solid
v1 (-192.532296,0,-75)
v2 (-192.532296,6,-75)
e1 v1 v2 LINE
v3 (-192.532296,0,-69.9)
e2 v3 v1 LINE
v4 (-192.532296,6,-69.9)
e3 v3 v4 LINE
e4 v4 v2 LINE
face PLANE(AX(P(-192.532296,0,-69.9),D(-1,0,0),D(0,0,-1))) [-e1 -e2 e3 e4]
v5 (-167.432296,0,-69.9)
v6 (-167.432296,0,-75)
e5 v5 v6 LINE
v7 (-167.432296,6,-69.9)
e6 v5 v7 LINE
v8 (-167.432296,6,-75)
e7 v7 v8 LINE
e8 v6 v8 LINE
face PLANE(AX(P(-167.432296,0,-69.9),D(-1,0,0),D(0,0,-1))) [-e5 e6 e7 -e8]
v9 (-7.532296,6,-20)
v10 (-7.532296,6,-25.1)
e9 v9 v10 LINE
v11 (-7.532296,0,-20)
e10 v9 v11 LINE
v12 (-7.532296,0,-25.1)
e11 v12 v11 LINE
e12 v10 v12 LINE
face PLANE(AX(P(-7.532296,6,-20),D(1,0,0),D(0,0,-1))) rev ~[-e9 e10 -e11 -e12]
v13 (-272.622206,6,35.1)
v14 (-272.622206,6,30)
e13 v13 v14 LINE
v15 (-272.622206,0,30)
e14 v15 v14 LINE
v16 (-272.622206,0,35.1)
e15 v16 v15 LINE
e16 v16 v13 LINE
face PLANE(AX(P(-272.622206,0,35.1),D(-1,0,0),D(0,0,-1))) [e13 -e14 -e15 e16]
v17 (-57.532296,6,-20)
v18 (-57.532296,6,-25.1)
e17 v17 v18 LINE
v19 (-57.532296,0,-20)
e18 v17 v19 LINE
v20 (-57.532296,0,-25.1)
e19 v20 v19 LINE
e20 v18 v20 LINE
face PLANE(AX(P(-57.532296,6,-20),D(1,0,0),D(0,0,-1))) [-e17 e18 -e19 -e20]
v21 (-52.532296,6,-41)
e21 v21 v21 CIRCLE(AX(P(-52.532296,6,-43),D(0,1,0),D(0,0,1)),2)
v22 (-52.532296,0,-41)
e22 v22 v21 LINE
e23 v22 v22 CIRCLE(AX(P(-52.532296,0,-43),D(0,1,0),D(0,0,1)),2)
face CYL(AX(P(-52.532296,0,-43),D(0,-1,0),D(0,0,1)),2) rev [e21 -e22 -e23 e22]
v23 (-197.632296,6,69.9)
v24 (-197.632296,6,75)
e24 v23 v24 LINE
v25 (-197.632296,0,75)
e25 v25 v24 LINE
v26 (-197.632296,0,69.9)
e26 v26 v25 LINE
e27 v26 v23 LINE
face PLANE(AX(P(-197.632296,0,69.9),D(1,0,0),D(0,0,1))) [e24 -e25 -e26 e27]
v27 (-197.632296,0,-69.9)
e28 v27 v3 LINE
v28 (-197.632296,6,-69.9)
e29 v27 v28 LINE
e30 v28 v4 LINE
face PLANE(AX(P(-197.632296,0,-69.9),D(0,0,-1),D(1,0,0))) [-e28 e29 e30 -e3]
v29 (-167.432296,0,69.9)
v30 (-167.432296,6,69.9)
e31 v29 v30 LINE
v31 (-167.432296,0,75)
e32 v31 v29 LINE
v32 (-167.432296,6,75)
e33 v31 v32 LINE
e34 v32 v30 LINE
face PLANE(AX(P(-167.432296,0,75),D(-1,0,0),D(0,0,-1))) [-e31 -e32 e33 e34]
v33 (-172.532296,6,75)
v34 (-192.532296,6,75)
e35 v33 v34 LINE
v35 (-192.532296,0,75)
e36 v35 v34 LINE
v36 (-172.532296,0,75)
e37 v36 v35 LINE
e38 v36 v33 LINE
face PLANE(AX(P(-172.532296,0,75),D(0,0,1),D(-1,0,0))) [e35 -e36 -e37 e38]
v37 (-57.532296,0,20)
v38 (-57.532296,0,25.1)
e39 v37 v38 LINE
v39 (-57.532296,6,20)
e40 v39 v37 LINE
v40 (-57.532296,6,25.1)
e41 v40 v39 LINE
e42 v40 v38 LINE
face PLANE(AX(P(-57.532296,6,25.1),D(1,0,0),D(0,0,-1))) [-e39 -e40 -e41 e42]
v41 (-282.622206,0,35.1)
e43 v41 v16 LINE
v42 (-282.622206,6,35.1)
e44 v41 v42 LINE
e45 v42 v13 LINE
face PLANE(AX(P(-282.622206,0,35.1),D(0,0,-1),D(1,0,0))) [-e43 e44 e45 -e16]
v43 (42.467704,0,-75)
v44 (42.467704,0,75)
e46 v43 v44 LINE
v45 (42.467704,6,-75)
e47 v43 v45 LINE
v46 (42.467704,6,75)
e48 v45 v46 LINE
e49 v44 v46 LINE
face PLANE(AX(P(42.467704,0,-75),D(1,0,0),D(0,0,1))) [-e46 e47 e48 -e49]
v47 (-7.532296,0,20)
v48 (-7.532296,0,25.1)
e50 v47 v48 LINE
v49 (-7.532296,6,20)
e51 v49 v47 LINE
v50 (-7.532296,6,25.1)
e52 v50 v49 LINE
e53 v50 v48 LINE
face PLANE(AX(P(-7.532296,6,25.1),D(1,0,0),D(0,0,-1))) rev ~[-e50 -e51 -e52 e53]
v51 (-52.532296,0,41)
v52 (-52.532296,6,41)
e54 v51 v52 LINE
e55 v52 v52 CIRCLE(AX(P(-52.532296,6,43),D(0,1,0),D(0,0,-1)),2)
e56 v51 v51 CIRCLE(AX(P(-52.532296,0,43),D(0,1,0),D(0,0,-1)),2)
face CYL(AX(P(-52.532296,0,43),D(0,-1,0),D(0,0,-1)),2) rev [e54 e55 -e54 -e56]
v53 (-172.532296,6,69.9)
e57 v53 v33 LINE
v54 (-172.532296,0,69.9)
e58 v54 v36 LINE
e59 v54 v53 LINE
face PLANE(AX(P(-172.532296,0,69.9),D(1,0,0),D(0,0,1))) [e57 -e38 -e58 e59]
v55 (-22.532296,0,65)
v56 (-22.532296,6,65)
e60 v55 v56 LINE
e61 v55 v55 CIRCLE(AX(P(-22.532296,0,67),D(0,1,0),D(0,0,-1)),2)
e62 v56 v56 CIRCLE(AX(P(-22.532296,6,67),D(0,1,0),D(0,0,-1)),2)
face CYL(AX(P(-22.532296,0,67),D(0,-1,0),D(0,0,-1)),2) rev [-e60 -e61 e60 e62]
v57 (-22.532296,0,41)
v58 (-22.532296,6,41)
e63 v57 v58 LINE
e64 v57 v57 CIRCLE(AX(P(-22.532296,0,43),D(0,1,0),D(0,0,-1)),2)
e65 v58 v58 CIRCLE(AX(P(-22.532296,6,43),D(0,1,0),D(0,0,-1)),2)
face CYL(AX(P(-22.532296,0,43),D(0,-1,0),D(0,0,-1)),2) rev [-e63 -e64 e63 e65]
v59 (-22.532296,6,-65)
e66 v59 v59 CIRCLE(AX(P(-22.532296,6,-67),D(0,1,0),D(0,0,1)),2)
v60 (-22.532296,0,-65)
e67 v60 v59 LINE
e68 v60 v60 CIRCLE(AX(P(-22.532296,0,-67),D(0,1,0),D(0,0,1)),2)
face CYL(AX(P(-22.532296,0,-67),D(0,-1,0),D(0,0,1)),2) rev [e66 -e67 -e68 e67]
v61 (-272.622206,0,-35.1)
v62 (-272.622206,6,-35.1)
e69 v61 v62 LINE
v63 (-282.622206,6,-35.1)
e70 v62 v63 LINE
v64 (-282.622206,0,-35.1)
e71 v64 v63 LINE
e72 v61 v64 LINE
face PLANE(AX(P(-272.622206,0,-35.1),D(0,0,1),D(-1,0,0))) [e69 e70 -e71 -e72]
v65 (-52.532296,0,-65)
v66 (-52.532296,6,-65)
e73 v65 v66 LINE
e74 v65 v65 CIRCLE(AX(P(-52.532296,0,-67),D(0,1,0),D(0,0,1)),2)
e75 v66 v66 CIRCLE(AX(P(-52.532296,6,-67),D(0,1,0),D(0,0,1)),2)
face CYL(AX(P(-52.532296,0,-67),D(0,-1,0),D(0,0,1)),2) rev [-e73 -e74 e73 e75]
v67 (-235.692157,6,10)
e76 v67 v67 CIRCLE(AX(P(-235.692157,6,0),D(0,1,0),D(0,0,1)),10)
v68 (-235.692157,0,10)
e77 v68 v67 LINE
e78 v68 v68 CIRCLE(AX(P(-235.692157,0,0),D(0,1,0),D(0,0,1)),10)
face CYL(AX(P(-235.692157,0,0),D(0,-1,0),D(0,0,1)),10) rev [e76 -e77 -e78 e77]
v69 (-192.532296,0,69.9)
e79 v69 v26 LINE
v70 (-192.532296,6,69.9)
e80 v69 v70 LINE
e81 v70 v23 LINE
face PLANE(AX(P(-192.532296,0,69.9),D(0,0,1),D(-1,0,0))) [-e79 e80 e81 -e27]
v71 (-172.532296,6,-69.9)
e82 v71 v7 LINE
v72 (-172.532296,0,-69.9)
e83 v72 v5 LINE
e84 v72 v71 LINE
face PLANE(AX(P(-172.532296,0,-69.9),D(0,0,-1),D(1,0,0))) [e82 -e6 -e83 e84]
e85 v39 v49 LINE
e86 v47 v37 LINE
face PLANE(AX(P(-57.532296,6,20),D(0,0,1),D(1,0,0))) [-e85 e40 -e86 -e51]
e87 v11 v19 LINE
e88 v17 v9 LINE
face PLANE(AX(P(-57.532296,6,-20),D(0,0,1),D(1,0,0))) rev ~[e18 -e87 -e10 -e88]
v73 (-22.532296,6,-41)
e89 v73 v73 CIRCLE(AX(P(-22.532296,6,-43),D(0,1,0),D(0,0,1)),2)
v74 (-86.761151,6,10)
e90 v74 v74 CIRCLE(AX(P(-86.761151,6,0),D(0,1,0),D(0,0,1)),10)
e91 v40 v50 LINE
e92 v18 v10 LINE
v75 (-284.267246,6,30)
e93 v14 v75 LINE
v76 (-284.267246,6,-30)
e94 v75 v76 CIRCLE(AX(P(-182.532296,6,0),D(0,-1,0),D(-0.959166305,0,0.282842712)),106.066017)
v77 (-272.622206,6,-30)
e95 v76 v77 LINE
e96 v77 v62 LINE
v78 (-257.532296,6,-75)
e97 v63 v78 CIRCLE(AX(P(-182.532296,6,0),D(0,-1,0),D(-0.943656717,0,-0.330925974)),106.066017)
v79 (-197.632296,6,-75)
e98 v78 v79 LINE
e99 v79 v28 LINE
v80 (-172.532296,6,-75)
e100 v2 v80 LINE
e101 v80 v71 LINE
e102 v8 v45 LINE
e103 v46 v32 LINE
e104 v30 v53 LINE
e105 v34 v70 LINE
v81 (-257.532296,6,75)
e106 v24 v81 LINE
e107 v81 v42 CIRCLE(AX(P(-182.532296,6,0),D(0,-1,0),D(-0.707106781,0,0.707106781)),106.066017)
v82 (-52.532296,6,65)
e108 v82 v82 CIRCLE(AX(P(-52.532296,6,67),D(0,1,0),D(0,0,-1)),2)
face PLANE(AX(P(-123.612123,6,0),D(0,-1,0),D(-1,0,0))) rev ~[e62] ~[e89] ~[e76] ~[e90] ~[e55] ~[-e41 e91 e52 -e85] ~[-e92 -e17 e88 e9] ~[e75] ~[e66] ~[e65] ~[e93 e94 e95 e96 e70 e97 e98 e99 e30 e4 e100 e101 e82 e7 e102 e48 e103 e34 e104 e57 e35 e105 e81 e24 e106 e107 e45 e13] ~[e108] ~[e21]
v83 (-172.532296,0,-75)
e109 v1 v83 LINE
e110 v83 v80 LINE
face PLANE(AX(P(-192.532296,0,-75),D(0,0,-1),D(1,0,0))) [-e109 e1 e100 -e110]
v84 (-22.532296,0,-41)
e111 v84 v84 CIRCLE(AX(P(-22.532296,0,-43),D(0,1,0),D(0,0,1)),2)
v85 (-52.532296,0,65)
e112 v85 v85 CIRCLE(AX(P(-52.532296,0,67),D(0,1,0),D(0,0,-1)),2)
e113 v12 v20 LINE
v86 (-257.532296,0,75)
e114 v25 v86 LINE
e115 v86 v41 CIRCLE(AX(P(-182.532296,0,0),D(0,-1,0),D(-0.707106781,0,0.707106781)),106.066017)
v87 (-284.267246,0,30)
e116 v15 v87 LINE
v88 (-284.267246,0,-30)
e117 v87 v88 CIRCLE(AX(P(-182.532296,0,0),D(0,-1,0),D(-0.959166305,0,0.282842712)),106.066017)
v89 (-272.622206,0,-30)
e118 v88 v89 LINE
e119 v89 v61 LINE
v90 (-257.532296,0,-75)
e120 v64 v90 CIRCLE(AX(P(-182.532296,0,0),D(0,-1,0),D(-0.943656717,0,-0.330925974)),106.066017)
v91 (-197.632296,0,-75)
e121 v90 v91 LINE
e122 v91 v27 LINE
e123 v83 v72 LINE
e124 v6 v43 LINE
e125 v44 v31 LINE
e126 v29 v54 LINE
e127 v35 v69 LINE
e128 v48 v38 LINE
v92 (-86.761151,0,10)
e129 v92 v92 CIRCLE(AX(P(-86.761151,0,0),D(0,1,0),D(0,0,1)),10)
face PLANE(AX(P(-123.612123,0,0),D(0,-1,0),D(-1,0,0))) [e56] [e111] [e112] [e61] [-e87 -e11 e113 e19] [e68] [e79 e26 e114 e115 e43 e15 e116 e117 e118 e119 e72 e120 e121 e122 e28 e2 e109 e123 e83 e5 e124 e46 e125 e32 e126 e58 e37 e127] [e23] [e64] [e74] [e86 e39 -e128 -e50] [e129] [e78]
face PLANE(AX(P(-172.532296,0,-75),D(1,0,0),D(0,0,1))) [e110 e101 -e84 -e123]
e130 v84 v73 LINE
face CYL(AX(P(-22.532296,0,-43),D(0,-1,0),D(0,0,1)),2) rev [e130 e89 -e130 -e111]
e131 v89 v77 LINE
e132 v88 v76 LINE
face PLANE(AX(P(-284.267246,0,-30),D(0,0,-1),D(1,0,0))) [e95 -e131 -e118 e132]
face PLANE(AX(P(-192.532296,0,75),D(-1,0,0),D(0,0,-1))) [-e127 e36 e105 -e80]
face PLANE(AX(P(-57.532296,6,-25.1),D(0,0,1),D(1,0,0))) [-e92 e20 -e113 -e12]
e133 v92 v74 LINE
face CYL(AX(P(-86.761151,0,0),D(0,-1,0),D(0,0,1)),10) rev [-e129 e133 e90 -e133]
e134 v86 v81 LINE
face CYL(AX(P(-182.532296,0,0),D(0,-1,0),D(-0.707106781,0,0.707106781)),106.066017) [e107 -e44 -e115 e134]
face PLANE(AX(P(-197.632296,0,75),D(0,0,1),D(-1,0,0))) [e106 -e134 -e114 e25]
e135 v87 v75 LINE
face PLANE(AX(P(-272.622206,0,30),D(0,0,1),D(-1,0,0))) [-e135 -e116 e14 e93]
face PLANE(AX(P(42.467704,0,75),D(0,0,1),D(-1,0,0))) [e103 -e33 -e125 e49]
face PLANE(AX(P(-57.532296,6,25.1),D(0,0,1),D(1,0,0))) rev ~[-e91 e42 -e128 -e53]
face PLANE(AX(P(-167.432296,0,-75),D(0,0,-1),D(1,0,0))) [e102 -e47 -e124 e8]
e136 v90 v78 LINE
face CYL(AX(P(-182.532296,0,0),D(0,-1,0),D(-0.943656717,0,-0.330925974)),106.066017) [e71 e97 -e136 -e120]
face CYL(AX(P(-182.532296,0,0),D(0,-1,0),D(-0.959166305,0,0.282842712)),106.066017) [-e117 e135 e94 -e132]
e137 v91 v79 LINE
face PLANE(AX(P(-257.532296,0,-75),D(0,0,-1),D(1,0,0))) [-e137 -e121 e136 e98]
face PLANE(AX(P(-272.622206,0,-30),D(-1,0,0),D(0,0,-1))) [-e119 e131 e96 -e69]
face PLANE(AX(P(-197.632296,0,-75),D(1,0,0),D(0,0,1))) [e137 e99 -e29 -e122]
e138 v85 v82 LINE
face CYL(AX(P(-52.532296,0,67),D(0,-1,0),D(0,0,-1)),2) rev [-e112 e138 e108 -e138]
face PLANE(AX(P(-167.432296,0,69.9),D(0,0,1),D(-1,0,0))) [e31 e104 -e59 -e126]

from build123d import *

# Parameters (mm, degrees)
SKETCH1_R           = 2
SKETCH1_R_2         = 10
BOSS_EXTRUDE1_DEPTH = 6
SKETCH2_W           = 50
SKETCH2_H           = 5.1
CUT_EXTRUDE1_DEPTH  = 299.24484337


with BuildPart() as part:
    # Sketch1 → Boss-Extrude1 (new body)
    with BuildSketch(Plane(origin=(0, 0, 0), x_dir=(1, 0, 0), z_dir=(0, 1, 0))):
        with BuildLine():
            Line((42.467703605, -75), (-167.432296395, -75))
            Line((-167.432296395, -75), (-167.432296395, -69.9))
            Line((-167.432296395, -69.9), (-172.532296395, -69.9))
            Line((-172.532296395, -69.9), (-172.532296395, -75))
            Line((-172.532296395, -75), (-192.532296395, -75))
            Line((-192.532296395, -75), (-192.532296395, -69.9))
            Line((-192.532296395, -69.9), (-197.632296395, -69.9))
            Line((-197.632296395, -69.9), (-197.632296395, -75))
            Line((-197.632296395, -75), (-257.532296395, -75))
            ThreePointArc((-257.532296395, -75), (-272.321614297, -56.461299938), (-282.622205976, -35.1))
            Line((-282.622205976, -35.1), (-272.622205976, -35.1))
            Line((-272.622205976, -35.1), (-272.622205976, -30))
            Line((-272.622205976, -30), (-284.267246142, -30))
            ThreePointArc((-284.267246142, -30), (-288.598313573, 0), (-284.267246142, 30))
            Line((-284.267246142, 30), (-272.622205976, 30))
            Line((-272.622205976, 30), (-272.622205976, 35.1))
            Line((-272.622205976, 35.1), (-282.622205976, 35.1))
            ThreePointArc((-282.622205976, 35.1), (-272.321614297, 56.461299938), (-257.532296395, 75))
            Line((-257.532296395, 75), (-197.632296395, 75))
            Line((-197.632296395, 75), (-197.632296395, 69.9))
            Line((-197.632296395, 69.9), (-192.532296395, 69.9))
            Line((-192.532296395, 69.9), (-192.532296395, 75))
            Line((-192.532296395, 75), (-172.532296395, 75))
            Line((-172.532296395, 75), (-172.532296395, 69.9))
            Line((-172.532296395, 69.9), (-167.432296395, 69.9))
            Line((-167.432296395, 69.9), (-167.432296395, 75))
            Line((-167.432296395, 75), (42.467703605, 75))
            Line((42.467703605, 75), (42.467703605, -75))
        make_face()
        with Locations(Location((-52.532296395, 67, 0), (0, 0, 270))):
            Circle(SKETCH1_R, mode=Mode.SUBTRACT)
        with Locations(Location((-22.532296395, 67, 0), (0, 0, 270))):
            Circle(SKETCH1_R, mode=Mode.SUBTRACT)
        with Locations(Location((-22.532296395, 43, 0), (0, 0, 270))):
            Circle(SKETCH1_R, mode=Mode.SUBTRACT)
        with Locations(Location((-52.532296395, 43, 0), (0, 0, 270))):
            Circle(SKETCH1_R, mode=Mode.SUBTRACT)
        with Locations(Location((-22.532296395, -67, 0), (0, 0, 90))):
            Circle(SKETCH1_R, mode=Mode.SUBTRACT)
        with Locations(Location((-22.532296395, -43, 0), (0, 0, 90))):
            Circle(SKETCH1_R, mode=Mode.SUBTRACT)
        with Locations(Location((-52.532296395, -43, 0), (0, 0, 90))):
            Circle(SKETCH1_R, mode=Mode.SUBTRACT)
        with Locations(Location((-52.532296395, -67, 0), (0, 0, 90))):
            Circle(SKETCH1_R, mode=Mode.SUBTRACT)
        with Locations(Location((-86.761151279, 0, 0), (0, 0, 270))):
            Circle(SKETCH1_R_2, mode=Mode.SUBTRACT)
        with Locations(Location((-235.692156702, 0, 0), (0, 0, 270))):
            Circle(SKETCH1_R_2, mode=Mode.SUBTRACT)
    extrude(amount=BOSS_EXTRUDE1_DEPTH)

    # Sketch2 → Cut-Extrude1 (cut, through all)
    with BuildSketch(Plane(origin=(0, 6, 0), x_dir=(1, 0, 0), z_dir=(0, 1, 0))):
        with Locations((-32.532296395, 22.55)):
            Rectangle(SKETCH2_W, SKETCH2_H)
        with Locations((-32.532296395, -22.55)):
            Rectangle(SKETCH2_W, SKETCH2_H)
    extrude(amount=-CUT_EXTRUDE1_DEPTH, mode=Mode.SUBTRACT)


solid = part.part
